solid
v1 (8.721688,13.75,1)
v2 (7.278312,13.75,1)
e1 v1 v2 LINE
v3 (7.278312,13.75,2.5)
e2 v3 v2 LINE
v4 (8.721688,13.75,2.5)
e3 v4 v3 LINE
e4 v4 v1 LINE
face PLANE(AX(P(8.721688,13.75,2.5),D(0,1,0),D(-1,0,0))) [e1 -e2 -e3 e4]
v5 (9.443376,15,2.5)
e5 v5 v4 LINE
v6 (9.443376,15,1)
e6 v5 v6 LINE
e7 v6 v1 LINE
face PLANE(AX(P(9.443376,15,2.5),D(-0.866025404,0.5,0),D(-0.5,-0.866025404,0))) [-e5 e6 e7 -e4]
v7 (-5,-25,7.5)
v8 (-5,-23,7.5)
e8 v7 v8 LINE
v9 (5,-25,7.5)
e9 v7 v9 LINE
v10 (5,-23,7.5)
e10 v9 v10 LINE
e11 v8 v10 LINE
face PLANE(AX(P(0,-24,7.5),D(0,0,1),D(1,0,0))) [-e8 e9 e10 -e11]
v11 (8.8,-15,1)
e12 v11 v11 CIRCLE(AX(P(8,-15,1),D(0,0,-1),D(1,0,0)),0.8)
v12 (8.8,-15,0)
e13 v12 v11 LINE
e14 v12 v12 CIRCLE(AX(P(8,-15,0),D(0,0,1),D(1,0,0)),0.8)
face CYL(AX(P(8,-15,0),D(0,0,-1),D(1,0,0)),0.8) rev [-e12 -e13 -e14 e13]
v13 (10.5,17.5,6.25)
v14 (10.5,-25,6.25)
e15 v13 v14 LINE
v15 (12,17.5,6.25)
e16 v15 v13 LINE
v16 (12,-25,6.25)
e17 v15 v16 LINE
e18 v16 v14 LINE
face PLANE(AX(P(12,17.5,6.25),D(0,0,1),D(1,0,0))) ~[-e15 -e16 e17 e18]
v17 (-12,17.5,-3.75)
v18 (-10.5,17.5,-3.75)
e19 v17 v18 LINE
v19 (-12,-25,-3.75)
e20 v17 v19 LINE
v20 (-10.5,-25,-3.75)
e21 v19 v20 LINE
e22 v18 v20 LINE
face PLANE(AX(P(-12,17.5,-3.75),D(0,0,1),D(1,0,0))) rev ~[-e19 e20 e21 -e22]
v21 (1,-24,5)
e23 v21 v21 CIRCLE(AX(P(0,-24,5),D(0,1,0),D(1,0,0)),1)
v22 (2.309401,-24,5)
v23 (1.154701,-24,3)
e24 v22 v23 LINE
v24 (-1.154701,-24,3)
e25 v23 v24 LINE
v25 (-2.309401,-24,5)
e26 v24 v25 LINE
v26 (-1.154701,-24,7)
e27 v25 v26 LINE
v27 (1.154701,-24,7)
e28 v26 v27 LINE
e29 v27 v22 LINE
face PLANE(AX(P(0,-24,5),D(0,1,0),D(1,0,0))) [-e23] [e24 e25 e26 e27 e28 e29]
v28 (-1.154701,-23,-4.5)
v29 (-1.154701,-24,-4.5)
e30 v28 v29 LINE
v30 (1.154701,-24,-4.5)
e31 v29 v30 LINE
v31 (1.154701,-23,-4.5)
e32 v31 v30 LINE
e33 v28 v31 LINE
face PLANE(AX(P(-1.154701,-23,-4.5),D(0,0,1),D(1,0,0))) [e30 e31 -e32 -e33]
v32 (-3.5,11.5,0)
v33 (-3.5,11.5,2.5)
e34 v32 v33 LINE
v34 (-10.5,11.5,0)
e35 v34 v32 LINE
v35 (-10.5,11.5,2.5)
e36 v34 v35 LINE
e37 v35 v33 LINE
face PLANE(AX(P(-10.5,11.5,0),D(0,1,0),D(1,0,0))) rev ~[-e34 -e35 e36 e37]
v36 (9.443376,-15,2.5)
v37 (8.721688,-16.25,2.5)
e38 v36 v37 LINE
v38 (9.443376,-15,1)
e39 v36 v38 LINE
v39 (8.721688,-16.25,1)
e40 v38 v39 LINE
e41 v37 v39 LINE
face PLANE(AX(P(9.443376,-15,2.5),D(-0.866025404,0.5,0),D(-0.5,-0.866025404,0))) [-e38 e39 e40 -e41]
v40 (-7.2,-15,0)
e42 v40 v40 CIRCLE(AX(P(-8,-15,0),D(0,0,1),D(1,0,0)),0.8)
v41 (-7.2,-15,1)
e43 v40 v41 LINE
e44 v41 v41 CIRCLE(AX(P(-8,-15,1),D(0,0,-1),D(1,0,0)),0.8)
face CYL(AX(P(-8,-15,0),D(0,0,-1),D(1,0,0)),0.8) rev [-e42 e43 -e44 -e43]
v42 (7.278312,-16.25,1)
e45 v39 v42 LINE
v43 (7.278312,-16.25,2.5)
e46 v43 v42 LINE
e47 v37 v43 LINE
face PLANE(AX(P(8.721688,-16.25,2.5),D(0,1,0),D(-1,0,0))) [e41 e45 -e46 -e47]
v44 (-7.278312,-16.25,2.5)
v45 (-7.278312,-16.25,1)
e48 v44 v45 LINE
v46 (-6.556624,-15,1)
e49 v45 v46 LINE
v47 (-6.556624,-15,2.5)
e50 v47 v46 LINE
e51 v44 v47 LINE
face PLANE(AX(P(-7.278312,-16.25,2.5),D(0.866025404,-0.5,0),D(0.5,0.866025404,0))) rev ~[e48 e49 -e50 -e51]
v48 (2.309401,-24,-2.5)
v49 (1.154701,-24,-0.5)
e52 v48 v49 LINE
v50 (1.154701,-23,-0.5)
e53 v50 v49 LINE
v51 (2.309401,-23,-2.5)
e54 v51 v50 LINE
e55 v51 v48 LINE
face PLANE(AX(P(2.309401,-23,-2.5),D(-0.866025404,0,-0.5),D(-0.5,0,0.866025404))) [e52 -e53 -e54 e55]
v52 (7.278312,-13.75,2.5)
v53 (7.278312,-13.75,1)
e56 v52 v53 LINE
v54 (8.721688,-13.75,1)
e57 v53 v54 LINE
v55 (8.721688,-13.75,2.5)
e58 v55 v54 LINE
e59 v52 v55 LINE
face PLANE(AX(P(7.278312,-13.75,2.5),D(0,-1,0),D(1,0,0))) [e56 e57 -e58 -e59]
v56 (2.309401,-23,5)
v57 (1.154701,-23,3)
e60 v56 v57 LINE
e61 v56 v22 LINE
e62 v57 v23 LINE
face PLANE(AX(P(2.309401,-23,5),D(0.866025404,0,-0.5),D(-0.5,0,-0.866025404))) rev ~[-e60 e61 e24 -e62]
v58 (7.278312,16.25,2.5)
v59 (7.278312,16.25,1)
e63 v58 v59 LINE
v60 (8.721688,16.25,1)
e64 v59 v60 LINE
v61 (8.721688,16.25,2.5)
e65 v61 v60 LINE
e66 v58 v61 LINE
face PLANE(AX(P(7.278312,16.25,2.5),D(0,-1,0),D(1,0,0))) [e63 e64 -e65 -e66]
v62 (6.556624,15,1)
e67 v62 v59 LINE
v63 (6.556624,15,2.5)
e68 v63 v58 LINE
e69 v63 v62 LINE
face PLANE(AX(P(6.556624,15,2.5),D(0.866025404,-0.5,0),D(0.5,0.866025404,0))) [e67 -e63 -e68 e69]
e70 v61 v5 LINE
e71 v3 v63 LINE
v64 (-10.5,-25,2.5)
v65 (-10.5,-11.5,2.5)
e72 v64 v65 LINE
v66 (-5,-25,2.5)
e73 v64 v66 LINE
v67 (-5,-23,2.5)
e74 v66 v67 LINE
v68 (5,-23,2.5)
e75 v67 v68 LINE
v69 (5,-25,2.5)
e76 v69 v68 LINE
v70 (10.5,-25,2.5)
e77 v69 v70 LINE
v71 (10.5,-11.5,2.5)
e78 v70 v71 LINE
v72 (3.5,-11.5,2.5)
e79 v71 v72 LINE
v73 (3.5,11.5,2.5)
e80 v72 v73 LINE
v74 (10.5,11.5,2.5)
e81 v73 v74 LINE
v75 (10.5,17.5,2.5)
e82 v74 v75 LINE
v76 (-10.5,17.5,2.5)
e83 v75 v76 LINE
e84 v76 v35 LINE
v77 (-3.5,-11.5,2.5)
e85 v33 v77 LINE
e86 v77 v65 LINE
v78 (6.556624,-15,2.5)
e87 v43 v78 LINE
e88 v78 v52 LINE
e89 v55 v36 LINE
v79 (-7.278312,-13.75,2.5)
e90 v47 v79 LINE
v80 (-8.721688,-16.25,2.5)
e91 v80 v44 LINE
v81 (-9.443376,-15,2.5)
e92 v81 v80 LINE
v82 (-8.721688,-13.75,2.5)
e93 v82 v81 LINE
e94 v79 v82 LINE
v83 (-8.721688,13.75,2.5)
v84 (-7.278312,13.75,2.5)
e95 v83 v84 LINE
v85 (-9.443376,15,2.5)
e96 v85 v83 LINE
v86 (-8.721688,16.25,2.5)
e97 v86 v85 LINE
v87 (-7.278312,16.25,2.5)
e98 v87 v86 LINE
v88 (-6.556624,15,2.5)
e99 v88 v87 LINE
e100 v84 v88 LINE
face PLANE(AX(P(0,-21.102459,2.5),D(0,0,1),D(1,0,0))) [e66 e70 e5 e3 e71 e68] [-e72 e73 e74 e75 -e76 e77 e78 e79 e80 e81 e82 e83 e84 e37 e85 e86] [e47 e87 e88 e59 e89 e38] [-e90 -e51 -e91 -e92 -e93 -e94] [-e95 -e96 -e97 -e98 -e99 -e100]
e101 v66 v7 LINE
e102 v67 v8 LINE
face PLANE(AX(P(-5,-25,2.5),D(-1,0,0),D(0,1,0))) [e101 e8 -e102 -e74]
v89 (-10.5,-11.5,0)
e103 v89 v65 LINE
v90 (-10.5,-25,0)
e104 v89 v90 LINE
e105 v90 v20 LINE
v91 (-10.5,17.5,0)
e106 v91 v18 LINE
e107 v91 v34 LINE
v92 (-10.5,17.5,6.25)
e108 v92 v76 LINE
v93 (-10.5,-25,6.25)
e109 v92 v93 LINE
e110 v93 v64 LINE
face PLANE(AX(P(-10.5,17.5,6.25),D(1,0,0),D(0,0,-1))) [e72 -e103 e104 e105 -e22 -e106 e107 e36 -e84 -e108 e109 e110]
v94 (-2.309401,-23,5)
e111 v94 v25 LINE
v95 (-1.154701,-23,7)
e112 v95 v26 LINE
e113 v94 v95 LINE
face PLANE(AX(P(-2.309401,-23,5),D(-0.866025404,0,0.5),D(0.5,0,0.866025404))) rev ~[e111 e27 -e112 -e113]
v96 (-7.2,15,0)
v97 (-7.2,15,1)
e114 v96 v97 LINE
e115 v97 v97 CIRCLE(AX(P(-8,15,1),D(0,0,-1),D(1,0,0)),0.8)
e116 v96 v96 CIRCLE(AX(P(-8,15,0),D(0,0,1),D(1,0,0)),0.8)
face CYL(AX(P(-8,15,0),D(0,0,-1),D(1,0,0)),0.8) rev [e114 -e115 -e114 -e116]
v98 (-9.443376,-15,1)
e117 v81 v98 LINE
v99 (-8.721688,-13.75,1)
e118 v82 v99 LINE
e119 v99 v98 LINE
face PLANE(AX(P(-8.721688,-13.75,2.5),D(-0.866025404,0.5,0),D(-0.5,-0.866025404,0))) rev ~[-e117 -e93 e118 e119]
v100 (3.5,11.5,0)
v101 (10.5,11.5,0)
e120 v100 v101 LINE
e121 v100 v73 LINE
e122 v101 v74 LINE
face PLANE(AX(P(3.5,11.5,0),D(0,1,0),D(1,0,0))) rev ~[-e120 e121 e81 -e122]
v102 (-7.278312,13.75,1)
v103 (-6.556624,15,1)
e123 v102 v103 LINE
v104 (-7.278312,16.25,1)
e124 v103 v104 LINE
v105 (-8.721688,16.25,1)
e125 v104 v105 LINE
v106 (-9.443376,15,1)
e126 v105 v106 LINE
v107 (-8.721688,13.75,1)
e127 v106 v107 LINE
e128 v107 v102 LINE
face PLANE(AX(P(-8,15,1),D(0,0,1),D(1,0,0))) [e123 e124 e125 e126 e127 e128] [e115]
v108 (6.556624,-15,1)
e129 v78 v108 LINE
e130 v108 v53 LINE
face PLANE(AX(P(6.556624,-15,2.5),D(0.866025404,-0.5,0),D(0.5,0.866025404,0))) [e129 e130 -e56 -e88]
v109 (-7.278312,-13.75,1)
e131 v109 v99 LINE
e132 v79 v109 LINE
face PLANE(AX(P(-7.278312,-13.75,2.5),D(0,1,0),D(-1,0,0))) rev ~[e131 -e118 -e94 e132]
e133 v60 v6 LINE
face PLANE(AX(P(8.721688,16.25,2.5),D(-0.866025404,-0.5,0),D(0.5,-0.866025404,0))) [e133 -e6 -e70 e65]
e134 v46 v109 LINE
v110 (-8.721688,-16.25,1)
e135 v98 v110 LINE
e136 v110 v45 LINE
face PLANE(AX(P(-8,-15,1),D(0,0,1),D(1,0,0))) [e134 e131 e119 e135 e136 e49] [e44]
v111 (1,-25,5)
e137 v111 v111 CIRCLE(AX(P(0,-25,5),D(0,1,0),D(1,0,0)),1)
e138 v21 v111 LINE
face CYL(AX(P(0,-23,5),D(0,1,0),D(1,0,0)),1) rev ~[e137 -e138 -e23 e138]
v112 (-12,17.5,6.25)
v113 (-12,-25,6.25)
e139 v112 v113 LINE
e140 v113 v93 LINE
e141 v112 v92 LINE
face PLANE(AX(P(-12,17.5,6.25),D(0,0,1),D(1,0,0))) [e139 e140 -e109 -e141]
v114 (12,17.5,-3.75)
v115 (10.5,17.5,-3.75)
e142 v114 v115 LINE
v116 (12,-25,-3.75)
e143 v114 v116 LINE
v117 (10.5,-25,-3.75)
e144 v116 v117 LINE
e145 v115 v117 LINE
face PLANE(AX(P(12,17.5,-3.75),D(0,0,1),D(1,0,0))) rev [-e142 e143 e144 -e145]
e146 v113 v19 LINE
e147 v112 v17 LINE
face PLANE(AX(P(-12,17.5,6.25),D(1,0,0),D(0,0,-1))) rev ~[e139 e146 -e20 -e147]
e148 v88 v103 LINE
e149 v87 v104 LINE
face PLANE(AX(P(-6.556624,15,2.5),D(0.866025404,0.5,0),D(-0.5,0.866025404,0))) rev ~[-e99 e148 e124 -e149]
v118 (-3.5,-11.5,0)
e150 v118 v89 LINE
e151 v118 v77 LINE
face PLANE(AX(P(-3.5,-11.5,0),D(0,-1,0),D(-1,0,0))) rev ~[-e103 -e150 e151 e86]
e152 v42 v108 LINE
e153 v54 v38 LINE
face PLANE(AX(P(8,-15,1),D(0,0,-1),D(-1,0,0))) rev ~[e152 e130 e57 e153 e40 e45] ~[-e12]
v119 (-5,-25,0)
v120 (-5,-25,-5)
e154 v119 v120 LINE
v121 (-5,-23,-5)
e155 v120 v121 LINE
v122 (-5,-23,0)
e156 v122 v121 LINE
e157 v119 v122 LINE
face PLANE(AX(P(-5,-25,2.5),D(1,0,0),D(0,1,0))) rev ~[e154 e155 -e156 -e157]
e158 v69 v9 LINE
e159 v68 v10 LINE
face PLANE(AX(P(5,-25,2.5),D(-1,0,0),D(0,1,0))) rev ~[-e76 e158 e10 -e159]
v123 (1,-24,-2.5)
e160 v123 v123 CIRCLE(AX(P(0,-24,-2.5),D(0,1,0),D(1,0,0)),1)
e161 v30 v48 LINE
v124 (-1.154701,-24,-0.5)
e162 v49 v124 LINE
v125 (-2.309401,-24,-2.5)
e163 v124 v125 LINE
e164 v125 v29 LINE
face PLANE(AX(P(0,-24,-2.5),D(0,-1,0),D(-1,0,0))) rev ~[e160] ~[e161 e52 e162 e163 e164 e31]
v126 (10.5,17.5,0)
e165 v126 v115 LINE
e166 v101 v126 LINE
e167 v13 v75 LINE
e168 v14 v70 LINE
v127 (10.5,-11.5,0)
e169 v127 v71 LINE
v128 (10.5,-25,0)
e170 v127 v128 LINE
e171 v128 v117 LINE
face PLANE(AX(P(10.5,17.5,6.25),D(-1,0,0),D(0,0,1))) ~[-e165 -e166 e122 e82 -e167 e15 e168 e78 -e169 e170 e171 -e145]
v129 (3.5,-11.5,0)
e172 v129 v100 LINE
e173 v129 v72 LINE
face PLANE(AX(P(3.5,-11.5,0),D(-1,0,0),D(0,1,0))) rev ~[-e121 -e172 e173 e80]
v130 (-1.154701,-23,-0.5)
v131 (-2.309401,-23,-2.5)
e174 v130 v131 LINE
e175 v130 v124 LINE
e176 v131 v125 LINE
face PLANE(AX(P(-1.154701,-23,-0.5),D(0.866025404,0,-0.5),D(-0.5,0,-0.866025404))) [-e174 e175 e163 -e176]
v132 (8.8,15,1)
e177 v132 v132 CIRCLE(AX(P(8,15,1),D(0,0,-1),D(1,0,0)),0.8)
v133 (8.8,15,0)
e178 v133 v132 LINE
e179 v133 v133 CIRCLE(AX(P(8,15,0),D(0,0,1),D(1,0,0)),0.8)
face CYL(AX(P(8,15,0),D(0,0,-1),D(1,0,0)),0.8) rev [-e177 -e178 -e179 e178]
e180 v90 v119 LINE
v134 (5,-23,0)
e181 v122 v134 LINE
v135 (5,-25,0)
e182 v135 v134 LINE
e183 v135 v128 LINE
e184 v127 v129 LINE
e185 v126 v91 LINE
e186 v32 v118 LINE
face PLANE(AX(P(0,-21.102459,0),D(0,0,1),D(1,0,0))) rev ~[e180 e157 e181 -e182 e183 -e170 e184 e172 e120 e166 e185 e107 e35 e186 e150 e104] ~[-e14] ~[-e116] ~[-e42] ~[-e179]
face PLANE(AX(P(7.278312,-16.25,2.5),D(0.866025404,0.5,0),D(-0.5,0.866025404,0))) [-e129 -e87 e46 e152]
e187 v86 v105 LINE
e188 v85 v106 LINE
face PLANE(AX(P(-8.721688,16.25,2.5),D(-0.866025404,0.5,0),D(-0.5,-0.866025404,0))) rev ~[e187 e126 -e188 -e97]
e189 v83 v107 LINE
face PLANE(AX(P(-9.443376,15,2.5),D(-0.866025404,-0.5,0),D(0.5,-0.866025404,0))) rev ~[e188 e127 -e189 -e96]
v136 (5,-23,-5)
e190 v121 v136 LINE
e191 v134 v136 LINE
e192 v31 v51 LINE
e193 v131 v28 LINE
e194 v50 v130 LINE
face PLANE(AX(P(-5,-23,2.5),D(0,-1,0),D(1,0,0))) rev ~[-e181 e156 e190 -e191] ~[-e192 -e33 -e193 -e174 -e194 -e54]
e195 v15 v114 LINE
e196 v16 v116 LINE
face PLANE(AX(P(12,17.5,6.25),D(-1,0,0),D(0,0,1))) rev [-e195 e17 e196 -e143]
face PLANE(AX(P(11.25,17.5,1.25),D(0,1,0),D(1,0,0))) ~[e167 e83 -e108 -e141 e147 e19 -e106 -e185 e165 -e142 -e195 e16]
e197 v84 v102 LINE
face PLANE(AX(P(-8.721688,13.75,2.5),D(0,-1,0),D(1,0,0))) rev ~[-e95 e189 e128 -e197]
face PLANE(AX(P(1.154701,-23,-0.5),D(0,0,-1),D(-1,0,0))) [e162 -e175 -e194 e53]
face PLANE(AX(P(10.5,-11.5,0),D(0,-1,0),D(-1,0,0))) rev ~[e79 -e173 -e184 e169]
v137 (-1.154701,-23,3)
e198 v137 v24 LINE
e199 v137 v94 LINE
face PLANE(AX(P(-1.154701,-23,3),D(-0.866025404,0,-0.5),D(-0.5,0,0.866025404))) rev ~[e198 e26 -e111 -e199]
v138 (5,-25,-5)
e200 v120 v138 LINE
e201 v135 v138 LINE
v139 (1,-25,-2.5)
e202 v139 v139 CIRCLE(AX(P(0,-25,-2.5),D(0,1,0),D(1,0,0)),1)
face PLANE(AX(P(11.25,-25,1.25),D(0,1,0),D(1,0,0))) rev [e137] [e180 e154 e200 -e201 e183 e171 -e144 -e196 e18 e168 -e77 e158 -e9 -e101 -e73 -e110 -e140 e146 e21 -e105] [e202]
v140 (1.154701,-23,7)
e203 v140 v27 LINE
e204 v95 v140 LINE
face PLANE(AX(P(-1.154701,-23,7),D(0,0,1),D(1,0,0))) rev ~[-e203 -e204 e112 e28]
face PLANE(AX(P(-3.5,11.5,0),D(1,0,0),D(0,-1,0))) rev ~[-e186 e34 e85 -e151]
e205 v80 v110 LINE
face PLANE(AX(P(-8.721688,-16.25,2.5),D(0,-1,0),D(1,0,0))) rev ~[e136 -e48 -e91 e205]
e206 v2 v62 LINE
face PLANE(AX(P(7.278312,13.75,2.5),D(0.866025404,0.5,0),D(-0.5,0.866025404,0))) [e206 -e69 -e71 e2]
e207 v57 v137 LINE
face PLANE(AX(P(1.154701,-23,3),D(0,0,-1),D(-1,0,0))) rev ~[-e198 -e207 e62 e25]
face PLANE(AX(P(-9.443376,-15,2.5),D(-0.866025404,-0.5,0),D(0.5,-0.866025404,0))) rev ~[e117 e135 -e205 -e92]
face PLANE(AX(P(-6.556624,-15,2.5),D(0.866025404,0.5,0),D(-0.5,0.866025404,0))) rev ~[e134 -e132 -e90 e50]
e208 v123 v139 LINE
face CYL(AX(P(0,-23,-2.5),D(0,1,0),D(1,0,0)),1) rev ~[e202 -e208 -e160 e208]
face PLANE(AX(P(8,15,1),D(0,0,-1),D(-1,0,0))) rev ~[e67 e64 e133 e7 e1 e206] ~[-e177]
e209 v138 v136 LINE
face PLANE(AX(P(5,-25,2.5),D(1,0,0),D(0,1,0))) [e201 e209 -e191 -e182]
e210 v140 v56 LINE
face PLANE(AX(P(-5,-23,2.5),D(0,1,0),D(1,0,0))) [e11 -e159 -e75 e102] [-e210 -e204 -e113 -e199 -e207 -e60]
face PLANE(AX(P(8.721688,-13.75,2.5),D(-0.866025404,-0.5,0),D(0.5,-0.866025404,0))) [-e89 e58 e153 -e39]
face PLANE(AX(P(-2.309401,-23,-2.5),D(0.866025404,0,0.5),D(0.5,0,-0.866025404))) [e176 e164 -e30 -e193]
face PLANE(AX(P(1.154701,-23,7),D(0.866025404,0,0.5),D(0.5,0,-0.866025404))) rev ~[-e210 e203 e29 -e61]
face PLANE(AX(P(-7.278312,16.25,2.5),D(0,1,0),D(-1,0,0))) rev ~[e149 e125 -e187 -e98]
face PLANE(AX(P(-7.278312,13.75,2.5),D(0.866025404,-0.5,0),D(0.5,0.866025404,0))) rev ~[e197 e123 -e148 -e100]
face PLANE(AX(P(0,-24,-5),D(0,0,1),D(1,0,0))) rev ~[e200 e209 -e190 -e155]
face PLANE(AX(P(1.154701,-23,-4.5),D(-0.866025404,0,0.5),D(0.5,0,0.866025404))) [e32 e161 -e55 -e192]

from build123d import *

# Parameters (mm, degrees)
SKETCH1_R                  = 0.8
BRACKETWITHBOLTHOLES_DEPTH = 2.5
SKETCH2_W                  = 10
SKETCH2_H                  = 2
BRACKETEXTENSION_DEPTH     = 2.5
SKETCH2_3_W                = 10
SKETCH2_3_H                = 2
BASE_DEPTH                 = 5
BASE_DEPTH_BACK            = 7.5
SKETCH3_R                  = 1
BASEBOLTHOLES_DEPTH        = 3
SKETCH3_3_R                = 1
BASENUTSLOTS_DEPTH         = 1
SKETCH4_W                  = 1.5
SKETCH4_H                  = 10
STIFFENERRIB_DEPTH         = 42.5
BRACKETNUTSLOTS_DEPTH      = 1.5


with BuildPart() as part:
    # Sketch1 → BracketWithBoltHoles (new body)
    with BuildSketch(Plane.XY):
        Polygon((-10.5, 17.5), (-10.5, 11.5), (-3.5, 11.5), (-3.5, -11.5), (-10.5, -11.5), (-10.5, -17.5), (10.5, -17.5), (10.5, -11.5), (3.5, -11.5), (3.5, 11.5), (10.5, 11.5), (10.5, 17.5), align=None)
        with Locations((-8, -15)):
            Circle(SKETCH1_R, mode=Mode.SUBTRACT)
        with Locations((8, -15)):
            Circle(SKETCH1_R, mode=Mode.SUBTRACT)
        with Locations((-8, 15)):
            Circle(SKETCH1_R, mode=Mode.SUBTRACT)
        with Locations((8, 15)):
            Circle(SKETCH1_R, mode=Mode.SUBTRACT)
    extrude(amount=BRACKETWITHBOLTHOLES_DEPTH)

    # Sketch2 → BracketExtension (add)
    with BuildSketch(Plane.XY.offset(2.5)):
        Polygon((10.5, -17.5), (-10.5, -17.5), (-10.5, -25), (-5, -25), (-5, -23), (5, -23), (5, -25), (10.5, -25), align=None)
        with Locations((0, -24)):
            Rectangle(SKETCH2_W, SKETCH2_H)
    extrude(amount=-BRACKETEXTENSION_DEPTH)

    # Sketch2<3> → Base (add, two sides)
    with BuildSketch(Plane.XY.offset(2.5)) as base_sk:
        with Locations((0, -24)):
            Rectangle(SKETCH2_3_W, SKETCH2_3_H)
    extrude(amount=BASE_DEPTH)
    extrude(base_sk.sketch, amount=-BASE_DEPTH_BACK)

    # Sketch3 → BaseBoltHoles (cut, through all)
    with BuildSketch(Plane(origin=(0, -23, 0), x_dir=(1, 0, 0), z_dir=(0, 1, 0))):
        with Locations((0, -5)):
            Circle(SKETCH3_R)
        with Locations((0, 2.5)):
            Circle(SKETCH3_R)
    extrude(amount=-BASEBOLTHOLES_DEPTH, mode=Mode.SUBTRACT)

    # Sketch3<3> → BaseNutSlots (cut)
    with BuildSketch(Plane(origin=(0, -23, 0), x_dir=(1, 0, 0), z_dir=(0, 1, 0))):
        Polygon((1.154700538, -7), (2.309401077, -5), (1.154700538, -3), (-1.154700538, -3), (-2.309401077, -5), (-1.154700538, -7), align=None)
        with Locations((0, -5)):
            Circle(SKETCH3_3_R, mode=Mode.SUBTRACT)
        Polygon((-1.154700538, 0.5), (-2.309401077, 2.5), (-1.154700538, 4.5), (1.154700538, 4.5), (2.309401077, 2.5), (1.154700538, 0.5), align=None)
        with Locations((0, 2.5)):
            Circle(SKETCH3_3_R, mode=Mode.SUBTRACT)
    extrude(amount=-BASENUTSLOTS_DEPTH, mode=Mode.SUBTRACT)

    # Sketch4 → StiffenerRib (add)
    with BuildSketch(Plane(origin=(0, 17.5, 0), x_dir=(1, 0, 0), z_dir=(0, 1, 0))):
        with Locations((-11.25, -1.25)):
            Rectangle(SKETCH4_W, SKETCH4_H)
    stiffenerrib = extrude(amount=-STIFFENERRIB_DEPTH)

    # StiffenerRib2: StiffenerRib across plane
    add(stiffenerrib.mirror(Plane(origin=(0, 0, 0), x_dir=(0, 0, 1), z_dir=(1, 0, 0))))

    # Sketch5 → BracketNutSlots (cut)
    with BuildSketch(Plane.XY.offset(2.5)):
        Polygon((-7.278312164, 16.25), (-8.721687836, 16.25), (-9.443375673, 15), (-8.721687836, 13.75), (-7.278312164, 13.75), (-6.556624327, 15), align=None)
        Polygon((-7.278312164, -13.75), (-8.721687836, -13.75), (-9.443375673, -15), (-8.721687836, -16.25), (-7.278312164, -16.25), (-6.556624327, -15), align=None)
        Polygon((8.721687836, -16.25), (7.278312164, -16.25), (6.556624327, -15), (7.278312164, -13.75), (8.721687836, -13.75), (9.443375673, -15), align=None)
        Polygon((6.556624327, 15), (7.278312164, 16.25), (8.721687836, 16.25), (9.443375673, 15), (8.721687836, 13.75), (7.278312164, 13.75), align=None)
    extrude(amount=-BRACKETNUTSLOTS_DEPTH, mode=Mode.SUBTRACT)


solid = part.part
